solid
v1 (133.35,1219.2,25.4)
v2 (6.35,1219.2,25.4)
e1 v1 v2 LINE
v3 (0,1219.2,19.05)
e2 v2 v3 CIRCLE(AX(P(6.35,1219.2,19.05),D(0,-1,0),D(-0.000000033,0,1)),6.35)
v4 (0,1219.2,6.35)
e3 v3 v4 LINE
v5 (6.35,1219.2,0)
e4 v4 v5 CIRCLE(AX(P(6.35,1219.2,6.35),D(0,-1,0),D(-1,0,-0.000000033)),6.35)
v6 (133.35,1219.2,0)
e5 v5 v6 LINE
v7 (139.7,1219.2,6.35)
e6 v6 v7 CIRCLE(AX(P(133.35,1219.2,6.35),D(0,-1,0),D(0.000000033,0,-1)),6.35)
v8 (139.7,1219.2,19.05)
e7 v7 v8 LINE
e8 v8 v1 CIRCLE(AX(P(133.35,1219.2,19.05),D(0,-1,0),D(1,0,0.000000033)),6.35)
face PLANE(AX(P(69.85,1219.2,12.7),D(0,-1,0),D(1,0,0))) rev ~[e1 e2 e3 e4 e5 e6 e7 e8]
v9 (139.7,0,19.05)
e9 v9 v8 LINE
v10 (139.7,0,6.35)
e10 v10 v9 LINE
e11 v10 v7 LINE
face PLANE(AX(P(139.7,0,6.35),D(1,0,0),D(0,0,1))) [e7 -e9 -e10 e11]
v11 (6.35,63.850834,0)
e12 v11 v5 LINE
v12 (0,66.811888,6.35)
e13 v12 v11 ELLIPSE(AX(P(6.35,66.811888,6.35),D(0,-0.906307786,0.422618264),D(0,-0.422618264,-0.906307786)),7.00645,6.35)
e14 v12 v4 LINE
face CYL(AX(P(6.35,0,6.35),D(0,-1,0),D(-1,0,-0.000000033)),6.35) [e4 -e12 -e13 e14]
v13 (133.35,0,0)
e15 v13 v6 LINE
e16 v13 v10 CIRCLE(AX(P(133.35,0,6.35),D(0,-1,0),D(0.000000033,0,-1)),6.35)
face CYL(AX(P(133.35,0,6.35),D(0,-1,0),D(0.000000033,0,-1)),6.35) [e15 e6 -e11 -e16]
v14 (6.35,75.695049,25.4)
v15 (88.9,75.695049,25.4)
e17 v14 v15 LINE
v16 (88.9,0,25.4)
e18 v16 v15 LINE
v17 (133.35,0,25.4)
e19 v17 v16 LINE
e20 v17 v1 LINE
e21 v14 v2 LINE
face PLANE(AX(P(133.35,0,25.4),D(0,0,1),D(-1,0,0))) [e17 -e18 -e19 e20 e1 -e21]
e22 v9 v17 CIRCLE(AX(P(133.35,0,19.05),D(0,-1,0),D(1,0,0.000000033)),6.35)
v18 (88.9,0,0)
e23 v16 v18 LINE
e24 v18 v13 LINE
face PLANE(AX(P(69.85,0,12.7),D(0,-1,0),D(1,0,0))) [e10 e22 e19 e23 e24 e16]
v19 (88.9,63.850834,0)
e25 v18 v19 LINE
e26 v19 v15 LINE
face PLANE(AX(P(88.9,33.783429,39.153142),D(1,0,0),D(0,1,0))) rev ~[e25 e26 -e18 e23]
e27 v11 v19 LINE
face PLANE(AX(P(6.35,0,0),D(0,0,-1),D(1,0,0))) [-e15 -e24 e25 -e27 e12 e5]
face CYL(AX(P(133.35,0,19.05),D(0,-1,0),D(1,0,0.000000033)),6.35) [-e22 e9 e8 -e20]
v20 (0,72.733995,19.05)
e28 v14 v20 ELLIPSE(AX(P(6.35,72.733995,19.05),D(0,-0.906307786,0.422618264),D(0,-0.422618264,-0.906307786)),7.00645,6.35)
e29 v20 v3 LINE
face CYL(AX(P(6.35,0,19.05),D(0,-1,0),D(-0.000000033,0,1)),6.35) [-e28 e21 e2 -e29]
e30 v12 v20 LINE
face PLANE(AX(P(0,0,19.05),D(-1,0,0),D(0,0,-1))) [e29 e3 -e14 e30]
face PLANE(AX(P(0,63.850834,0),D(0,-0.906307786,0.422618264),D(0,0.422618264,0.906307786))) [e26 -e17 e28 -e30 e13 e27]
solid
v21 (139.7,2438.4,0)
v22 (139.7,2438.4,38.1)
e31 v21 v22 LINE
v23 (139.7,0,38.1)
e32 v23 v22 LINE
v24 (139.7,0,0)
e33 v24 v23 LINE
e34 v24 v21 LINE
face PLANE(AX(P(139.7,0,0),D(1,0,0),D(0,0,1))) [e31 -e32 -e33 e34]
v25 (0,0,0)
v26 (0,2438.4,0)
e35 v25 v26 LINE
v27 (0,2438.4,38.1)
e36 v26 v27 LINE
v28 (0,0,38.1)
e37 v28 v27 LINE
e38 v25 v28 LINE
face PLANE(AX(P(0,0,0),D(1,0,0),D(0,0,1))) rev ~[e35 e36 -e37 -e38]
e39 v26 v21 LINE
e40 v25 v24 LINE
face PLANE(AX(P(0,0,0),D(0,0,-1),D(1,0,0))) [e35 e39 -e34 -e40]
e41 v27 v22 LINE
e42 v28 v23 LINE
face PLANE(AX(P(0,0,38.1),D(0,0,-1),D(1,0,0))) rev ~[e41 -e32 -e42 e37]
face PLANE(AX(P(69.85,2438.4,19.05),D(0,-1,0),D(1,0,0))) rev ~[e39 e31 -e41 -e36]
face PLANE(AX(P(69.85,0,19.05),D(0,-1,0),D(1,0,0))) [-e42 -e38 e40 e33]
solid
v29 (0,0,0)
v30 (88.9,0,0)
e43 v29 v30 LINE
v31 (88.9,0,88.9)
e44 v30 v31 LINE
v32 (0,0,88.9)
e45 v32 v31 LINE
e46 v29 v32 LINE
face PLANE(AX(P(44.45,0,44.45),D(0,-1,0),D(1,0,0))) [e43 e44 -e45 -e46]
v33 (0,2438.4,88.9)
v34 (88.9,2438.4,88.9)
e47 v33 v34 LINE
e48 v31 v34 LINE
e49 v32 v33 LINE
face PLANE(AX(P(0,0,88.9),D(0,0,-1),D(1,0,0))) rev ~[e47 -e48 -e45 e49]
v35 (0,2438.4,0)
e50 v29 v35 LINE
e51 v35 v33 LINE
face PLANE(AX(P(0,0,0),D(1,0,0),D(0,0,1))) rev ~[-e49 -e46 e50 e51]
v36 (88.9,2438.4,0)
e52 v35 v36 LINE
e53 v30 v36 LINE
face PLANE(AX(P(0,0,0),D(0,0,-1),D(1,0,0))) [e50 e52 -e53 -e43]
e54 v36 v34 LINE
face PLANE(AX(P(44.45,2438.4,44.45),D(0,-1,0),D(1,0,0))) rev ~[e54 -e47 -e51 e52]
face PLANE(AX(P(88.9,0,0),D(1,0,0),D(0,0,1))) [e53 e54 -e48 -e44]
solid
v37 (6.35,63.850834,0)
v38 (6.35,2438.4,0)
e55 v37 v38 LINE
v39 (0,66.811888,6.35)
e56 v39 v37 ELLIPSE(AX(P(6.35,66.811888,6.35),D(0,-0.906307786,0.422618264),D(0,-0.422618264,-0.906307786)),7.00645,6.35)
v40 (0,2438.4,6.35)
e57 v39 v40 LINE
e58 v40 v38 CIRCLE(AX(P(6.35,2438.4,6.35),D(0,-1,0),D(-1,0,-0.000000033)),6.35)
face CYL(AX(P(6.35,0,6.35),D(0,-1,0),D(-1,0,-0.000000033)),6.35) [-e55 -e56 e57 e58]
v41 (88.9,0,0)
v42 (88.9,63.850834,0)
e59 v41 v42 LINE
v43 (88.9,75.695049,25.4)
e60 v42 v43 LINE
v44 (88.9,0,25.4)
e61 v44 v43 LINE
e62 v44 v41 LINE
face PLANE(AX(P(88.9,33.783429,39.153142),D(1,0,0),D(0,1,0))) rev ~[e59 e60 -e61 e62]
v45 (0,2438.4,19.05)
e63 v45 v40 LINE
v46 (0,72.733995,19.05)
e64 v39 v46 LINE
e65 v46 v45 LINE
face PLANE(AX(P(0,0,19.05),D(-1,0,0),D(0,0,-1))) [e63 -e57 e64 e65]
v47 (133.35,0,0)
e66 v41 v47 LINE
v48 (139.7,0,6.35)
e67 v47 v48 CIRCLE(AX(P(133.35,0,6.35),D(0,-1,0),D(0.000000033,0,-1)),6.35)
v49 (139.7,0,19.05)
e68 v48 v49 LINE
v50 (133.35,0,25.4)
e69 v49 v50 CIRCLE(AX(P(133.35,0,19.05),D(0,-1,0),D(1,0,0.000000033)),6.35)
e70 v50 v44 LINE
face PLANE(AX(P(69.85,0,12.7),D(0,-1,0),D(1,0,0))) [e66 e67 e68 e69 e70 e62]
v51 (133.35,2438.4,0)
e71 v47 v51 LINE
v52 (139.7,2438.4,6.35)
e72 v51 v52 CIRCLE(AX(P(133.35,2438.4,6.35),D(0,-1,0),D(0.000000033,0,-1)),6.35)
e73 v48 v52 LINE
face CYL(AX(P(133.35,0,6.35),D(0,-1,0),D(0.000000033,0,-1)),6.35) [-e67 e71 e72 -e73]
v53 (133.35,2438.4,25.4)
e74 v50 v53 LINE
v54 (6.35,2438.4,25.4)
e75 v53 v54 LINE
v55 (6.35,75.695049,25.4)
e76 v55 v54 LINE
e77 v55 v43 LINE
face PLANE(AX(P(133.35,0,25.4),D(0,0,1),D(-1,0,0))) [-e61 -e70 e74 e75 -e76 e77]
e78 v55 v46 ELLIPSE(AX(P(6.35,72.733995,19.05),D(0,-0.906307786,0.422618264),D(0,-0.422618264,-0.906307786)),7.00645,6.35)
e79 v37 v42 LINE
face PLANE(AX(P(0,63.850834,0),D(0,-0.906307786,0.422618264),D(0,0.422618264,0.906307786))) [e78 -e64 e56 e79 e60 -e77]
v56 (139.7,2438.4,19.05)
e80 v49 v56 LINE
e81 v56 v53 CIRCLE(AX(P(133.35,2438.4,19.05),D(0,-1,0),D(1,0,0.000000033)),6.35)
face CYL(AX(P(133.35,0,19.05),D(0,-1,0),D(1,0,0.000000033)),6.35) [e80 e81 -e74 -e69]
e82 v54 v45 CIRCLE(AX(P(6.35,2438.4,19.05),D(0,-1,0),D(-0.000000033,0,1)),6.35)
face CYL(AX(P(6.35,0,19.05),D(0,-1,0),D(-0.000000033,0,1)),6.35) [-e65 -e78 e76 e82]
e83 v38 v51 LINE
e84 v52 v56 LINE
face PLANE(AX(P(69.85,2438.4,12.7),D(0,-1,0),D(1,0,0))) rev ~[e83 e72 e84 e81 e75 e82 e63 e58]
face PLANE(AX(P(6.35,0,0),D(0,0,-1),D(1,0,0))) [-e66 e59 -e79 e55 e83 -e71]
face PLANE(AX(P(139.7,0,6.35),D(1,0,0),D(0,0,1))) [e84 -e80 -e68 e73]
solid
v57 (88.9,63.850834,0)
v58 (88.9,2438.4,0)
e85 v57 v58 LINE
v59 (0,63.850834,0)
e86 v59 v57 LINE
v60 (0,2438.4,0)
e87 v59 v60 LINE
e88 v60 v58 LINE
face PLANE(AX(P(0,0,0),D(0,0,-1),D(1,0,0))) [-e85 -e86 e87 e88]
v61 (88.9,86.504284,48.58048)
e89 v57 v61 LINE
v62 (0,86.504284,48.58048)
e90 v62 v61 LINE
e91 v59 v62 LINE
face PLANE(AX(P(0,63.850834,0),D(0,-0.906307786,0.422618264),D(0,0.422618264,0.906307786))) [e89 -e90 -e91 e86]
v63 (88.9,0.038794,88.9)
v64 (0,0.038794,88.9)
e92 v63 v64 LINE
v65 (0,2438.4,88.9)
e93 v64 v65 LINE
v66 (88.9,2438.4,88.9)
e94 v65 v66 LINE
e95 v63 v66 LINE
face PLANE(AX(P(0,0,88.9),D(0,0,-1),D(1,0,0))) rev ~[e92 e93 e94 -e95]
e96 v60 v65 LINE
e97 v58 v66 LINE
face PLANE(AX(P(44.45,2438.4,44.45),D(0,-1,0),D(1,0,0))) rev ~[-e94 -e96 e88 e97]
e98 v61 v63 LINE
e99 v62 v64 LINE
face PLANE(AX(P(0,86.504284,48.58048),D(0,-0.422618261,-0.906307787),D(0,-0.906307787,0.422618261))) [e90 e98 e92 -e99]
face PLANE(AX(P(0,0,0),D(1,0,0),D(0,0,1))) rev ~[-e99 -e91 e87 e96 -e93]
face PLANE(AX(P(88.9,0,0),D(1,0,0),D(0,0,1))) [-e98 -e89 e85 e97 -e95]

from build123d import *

# Parameters (mm, degrees)
F0_W     = 88.9
F0_H     = 88.9
F1_DEPTH = 2438.4
F3_DEPTH = 1219.2
F4_DEPTH = 2438.4
F6_DEPTH = 88.9
F7_DEPTH = 2438.4
F8_W     = 139.7
F8_H     = 38.1
F9_DEPTH = 2438.4


with BuildPart() as f1:
    # F0 (on Front) → F1 (new body)
    with BuildSketch(Plane.XZ):
        with Locations((44.45, 44.45)):
            Rectangle(F0_W, F0_H)
    extrude(amount=-F1_DEPTH)


with BuildPart() as f3:
    # F2 (on Front) → F3 (new body)
    with BuildSketch(Plane.XZ):
        with BuildLine():
            ThreePointArc((0, 6.35), (1.859872, 1.859872), (6.35, 0))
            Line((6.35, 0), (133.35, 0))
            ThreePointArc((133.35, 0), (137.840128, 1.859872), (139.7, 6.35))
            Line((139.7, 6.35), (139.7, 19.05))
            ThreePointArc((139.7, 19.05), (137.840128, 23.540128), (133.35, 25.4))
            Line((133.35, 25.4), (6.35, 25.4))
            ThreePointArc((6.35, 25.4), (1.859872, 23.540128), (0, 19.05))
            Line((0, 19.05), (0, 6.35))
        make_face()
    extrude(amount=-F3_DEPTH)


with BuildPart() as f4:
    # F2 (on Front) → F4 (new body)
    with BuildSketch(Plane.XZ):
        with BuildLine():
            ThreePointArc((0, 6.35), (1.859872, 1.859872), (6.35, 0))
            Line((6.35, 0), (133.35, 0))
            ThreePointArc((133.35, 0), (137.840128, 1.859872), (139.7, 6.35))
            Line((139.7, 6.35), (139.7, 19.05))
            ThreePointArc((139.7, 19.05), (137.840128, 23.540128), (133.35, 25.4))
            Line((133.35, 25.4), (6.35, 25.4))
            ThreePointArc((6.35, 25.4), (1.859872, 23.540128), (0, 19.05))
            Line((0, 19.05), (0, 6.35))
        make_face()
    extrude(amount=-F4_DEPTH)


with BuildPart() as f6_tool:
    # F5 (on Right) → F6 (new body, through all)
    with BuildSketch(Plane.YZ):
        Polygon((86.504284, 48.58048), (0, 88.91809), (0, 0), (63.850834, 0), align=None)
    extrude(amount=F6_DEPTH)


with BuildPart() as f1_1:
    add(f1.part)

    # F6: cut by f6_tool
    add(f6_tool.part, mode=Mode.SUBTRACT)


with BuildPart() as f3_1:
    add(f3.part)

    # F6: cut by f6_tool
    add(f6_tool.part, mode=Mode.SUBTRACT)


with BuildPart() as f4_1:
    add(f4.part)

    # F6: cut by f6_tool
    add(f6_tool.part, mode=Mode.SUBTRACT)


with BuildPart() as f7:
    # F0 (on Front) → F7 (new body)
    with BuildSketch(Plane.XZ):
        with Locations((44.45, 44.45)):
            Rectangle(F0_W, F0_H)
    extrude(amount=-F7_DEPTH)


with BuildPart() as f9:
    # F8 (on Front) → F9 (new body)
    with BuildSketch(Plane.XZ):
        with Locations((69.85, 19.05)):
            Rectangle(F8_W, F8_H)
    extrude(amount=-F9_DEPTH)


solid = Compound([f1_1.part, f3_1.part, f4_1.part, f7.part, f9.part])
